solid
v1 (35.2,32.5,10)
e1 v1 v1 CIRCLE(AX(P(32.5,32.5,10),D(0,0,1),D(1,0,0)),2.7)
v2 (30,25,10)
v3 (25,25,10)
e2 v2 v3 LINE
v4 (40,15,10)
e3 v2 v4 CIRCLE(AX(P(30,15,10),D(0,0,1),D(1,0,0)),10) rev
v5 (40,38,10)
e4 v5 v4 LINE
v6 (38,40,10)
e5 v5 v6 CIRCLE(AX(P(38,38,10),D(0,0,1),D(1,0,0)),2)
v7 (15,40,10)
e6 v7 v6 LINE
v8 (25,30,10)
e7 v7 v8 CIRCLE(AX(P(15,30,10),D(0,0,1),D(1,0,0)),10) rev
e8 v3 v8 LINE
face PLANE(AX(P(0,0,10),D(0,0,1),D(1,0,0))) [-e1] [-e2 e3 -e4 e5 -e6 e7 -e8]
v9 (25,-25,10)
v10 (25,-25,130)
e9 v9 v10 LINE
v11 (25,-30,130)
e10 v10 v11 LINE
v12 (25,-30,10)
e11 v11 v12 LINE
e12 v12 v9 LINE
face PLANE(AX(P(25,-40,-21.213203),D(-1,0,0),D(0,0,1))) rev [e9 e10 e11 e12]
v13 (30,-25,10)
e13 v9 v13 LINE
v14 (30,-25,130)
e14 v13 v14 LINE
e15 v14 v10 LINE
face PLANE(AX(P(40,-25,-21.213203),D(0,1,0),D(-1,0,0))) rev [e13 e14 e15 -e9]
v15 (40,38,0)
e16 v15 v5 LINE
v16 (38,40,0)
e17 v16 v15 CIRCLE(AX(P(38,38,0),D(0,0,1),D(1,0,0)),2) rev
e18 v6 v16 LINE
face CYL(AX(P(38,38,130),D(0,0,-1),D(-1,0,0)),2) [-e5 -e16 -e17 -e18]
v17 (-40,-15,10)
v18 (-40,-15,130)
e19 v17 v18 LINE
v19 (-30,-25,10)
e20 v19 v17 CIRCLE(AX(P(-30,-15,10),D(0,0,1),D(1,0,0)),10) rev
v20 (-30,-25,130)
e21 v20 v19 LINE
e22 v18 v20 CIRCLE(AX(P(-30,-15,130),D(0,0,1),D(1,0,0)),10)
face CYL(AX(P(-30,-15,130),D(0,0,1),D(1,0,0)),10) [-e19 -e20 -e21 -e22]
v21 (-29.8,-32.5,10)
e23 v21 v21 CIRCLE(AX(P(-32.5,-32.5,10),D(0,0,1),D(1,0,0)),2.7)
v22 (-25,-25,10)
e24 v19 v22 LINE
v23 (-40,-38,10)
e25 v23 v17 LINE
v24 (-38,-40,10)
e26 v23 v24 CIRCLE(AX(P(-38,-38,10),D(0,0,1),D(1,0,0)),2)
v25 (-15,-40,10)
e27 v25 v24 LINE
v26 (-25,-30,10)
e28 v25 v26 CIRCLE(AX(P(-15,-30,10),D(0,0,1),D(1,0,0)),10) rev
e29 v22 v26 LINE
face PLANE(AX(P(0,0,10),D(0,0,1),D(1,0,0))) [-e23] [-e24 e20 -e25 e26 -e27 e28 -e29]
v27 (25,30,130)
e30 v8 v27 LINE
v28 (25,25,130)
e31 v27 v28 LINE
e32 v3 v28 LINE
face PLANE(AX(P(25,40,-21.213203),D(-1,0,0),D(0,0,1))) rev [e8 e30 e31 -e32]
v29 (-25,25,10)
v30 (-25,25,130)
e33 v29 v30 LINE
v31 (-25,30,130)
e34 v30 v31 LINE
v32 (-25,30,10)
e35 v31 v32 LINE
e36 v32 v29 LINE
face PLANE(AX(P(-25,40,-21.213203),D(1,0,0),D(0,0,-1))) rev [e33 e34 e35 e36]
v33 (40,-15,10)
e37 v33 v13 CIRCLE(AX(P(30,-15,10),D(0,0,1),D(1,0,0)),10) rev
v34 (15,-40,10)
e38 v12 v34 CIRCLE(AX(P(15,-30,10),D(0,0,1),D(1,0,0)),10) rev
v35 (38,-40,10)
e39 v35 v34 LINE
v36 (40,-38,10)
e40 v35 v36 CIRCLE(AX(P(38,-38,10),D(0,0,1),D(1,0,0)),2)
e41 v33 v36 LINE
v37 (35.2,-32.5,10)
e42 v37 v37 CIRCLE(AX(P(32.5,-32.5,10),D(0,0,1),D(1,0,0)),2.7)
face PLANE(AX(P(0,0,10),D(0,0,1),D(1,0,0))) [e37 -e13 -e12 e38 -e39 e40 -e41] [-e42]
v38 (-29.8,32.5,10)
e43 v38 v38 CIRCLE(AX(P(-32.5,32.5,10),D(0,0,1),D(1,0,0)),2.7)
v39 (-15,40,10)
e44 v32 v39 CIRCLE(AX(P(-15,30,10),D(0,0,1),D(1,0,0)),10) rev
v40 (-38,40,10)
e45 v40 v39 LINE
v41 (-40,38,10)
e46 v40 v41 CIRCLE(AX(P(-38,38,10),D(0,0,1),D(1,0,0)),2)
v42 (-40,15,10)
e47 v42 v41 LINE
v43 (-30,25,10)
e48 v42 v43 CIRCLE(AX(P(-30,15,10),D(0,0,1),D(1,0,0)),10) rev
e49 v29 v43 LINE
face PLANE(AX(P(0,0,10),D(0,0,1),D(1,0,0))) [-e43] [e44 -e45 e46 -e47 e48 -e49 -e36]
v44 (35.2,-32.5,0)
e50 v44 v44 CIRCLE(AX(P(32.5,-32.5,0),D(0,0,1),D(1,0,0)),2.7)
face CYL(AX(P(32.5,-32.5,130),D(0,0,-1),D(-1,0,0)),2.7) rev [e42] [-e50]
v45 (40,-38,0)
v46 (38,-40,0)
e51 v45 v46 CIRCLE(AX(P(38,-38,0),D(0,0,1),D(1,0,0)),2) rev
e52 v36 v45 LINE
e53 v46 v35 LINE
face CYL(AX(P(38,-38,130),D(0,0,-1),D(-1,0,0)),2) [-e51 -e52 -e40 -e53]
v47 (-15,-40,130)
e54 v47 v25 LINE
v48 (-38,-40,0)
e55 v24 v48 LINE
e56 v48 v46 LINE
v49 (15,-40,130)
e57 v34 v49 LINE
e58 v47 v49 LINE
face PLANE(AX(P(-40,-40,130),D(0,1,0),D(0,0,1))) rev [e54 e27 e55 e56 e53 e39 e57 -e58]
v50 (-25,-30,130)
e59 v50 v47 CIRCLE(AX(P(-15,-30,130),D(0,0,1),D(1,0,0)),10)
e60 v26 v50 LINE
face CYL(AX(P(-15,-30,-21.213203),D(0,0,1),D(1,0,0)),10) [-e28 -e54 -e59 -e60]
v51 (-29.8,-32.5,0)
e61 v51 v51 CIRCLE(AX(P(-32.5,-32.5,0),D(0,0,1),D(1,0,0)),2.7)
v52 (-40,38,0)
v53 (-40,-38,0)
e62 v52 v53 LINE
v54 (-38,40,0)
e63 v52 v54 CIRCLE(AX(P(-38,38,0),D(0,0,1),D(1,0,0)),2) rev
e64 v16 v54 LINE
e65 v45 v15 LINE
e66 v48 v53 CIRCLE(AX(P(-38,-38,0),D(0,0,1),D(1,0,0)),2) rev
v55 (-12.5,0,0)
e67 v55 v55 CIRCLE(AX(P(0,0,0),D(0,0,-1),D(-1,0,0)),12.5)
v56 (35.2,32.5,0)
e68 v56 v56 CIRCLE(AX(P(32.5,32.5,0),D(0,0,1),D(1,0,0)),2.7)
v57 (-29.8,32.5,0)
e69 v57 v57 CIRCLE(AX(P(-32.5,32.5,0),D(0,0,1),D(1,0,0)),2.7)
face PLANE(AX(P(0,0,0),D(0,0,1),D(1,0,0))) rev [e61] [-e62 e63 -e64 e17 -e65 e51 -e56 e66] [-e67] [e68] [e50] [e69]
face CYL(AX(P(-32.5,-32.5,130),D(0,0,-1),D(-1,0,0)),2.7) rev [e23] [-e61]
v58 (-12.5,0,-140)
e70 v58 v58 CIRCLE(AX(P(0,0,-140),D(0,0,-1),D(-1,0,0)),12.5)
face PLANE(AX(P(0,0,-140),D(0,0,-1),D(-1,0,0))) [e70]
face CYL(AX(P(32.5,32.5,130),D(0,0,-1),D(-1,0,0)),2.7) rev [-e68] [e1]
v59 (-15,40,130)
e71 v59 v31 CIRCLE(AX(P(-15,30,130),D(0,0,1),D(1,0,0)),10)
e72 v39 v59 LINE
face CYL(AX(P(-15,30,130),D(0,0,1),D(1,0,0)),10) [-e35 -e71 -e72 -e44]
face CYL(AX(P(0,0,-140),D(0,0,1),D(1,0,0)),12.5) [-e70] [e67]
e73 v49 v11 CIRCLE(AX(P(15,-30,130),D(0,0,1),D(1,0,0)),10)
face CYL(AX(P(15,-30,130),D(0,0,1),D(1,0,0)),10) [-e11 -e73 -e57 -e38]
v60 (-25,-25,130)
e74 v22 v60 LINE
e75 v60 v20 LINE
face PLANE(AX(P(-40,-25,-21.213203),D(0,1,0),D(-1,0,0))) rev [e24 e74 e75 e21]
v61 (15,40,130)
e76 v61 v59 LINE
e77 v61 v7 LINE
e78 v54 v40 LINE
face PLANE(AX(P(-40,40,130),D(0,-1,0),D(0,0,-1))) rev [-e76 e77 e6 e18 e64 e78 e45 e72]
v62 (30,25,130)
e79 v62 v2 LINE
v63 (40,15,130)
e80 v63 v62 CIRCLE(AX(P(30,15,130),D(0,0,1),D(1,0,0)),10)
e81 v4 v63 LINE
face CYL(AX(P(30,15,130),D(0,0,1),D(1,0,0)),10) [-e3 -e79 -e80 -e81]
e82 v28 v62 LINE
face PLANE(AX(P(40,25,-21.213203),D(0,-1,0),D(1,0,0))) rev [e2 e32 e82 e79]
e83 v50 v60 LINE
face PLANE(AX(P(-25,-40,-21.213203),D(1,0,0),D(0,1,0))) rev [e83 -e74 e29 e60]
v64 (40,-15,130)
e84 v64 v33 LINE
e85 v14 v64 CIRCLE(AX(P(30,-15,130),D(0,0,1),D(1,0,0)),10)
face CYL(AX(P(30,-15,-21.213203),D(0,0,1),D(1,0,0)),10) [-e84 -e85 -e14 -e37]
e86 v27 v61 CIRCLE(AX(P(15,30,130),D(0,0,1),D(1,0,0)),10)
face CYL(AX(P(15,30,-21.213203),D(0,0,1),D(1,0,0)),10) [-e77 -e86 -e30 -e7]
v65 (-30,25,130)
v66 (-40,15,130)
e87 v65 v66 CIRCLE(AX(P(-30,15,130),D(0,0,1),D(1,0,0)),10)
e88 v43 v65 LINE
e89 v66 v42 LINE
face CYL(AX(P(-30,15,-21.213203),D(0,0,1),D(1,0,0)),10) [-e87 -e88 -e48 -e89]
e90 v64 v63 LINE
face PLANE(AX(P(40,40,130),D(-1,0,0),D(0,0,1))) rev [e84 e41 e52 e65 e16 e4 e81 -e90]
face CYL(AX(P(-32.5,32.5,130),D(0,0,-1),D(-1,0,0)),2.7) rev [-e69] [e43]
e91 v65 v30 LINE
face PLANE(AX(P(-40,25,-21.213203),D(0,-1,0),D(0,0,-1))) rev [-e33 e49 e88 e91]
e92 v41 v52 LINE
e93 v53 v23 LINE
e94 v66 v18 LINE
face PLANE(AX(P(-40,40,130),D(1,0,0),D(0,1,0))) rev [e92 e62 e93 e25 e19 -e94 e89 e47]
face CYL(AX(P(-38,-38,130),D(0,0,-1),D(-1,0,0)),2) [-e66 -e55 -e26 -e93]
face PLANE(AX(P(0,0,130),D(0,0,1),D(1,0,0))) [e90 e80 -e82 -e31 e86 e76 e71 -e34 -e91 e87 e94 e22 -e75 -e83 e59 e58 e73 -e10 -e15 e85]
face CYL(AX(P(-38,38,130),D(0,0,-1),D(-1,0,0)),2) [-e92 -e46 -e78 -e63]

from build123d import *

# Parameters (mm, degrees)
SKETCH_1_W          = 80
SKETCH_1_H          = 80
SKETCH_1_R          = 2.7
EXTRUDE_1_DEPTH     = 130
SKETCH_2_R          = 12.5
EXTRUDE_2_DEPTH     = 140
SKETCH_3_W          = 15
SKETCH_3_H          = 15
CUT_EXTRUDE_1_DEPTH = 120
FILLET_1_R          = 2
FILLET_3_R          = 10


with BuildPart() as part:
    # 草图1 → 凸台-拉伸1 (new body)
    with BuildSketch(Plane.XY):
        Rectangle(SKETCH_1_W, SKETCH_1_H)
        with Locations((-32.5, 32.5)):
            Circle(SKETCH_1_R, mode=Mode.SUBTRACT)
        with Locations((32.5, 32.5)):
            Circle(SKETCH_1_R, mode=Mode.SUBTRACT)
        with Locations((32.5, -32.5)):
            Circle(SKETCH_1_R, mode=Mode.SUBTRACT)
        with Locations((-32.5, -32.5)):
            Circle(SKETCH_1_R, mode=Mode.SUBTRACT)
    extrude(amount=EXTRUDE_1_DEPTH)

    # 草图2 → 凸台-拉伸2 (add)
    with BuildSketch(Plane(origin=(0, 0, 0), x_dir=(-1, 0, 0), z_dir=(0, 0, -1))):
        Circle(SKETCH_2_R)
    extrude(amount=EXTRUDE_2_DEPTH)

    # 草图3 → 切除-拉伸1 (cut)
    with BuildSketch(Plane.XY.offset(130)):
        with Locations((-32.5, 32.5)):
            Rectangle(SKETCH_3_W, SKETCH_3_H)
        with Locations((32.5, 32.5)):
            Rectangle(SKETCH_3_W, SKETCH_3_H)
        with Locations((32.5, -32.5)):
            Rectangle(SKETCH_3_W, SKETCH_3_H)
        with Locations((-32.5, -32.5)):
            Rectangle(SKETCH_3_W, SKETCH_3_H)
    extrude(amount=-CUT_EXTRUDE_1_DEPTH, mode=Mode.SUBTRACT)

    # 圆角1
    fillet_1_edges = [part.edges().sort_by_distance(p)[0] for p in [
        (40, -40, 5),
        (-40, -40, 5),
        (-40, 40, 5),
        (40, 40, 5),
    ]]
    fillet(fillet_1_edges, radius=FILLET_1_R)

    # 圆角3
    fillet_3_edges = [part.edges().sort_by_distance(p)[0] for p in [
        (-25, -40, 70),
        (-40, -25, 70),
        (40, -25, 70),
        (25, -40, 70),
        (25, 40, 70),
        (40, 25, 70),
        (-40, 25, 70),
        (-25, 40, 70),
    ]]
    fillet(fillet_3_edges, radius=FILLET_3_R)


solid = part.part
